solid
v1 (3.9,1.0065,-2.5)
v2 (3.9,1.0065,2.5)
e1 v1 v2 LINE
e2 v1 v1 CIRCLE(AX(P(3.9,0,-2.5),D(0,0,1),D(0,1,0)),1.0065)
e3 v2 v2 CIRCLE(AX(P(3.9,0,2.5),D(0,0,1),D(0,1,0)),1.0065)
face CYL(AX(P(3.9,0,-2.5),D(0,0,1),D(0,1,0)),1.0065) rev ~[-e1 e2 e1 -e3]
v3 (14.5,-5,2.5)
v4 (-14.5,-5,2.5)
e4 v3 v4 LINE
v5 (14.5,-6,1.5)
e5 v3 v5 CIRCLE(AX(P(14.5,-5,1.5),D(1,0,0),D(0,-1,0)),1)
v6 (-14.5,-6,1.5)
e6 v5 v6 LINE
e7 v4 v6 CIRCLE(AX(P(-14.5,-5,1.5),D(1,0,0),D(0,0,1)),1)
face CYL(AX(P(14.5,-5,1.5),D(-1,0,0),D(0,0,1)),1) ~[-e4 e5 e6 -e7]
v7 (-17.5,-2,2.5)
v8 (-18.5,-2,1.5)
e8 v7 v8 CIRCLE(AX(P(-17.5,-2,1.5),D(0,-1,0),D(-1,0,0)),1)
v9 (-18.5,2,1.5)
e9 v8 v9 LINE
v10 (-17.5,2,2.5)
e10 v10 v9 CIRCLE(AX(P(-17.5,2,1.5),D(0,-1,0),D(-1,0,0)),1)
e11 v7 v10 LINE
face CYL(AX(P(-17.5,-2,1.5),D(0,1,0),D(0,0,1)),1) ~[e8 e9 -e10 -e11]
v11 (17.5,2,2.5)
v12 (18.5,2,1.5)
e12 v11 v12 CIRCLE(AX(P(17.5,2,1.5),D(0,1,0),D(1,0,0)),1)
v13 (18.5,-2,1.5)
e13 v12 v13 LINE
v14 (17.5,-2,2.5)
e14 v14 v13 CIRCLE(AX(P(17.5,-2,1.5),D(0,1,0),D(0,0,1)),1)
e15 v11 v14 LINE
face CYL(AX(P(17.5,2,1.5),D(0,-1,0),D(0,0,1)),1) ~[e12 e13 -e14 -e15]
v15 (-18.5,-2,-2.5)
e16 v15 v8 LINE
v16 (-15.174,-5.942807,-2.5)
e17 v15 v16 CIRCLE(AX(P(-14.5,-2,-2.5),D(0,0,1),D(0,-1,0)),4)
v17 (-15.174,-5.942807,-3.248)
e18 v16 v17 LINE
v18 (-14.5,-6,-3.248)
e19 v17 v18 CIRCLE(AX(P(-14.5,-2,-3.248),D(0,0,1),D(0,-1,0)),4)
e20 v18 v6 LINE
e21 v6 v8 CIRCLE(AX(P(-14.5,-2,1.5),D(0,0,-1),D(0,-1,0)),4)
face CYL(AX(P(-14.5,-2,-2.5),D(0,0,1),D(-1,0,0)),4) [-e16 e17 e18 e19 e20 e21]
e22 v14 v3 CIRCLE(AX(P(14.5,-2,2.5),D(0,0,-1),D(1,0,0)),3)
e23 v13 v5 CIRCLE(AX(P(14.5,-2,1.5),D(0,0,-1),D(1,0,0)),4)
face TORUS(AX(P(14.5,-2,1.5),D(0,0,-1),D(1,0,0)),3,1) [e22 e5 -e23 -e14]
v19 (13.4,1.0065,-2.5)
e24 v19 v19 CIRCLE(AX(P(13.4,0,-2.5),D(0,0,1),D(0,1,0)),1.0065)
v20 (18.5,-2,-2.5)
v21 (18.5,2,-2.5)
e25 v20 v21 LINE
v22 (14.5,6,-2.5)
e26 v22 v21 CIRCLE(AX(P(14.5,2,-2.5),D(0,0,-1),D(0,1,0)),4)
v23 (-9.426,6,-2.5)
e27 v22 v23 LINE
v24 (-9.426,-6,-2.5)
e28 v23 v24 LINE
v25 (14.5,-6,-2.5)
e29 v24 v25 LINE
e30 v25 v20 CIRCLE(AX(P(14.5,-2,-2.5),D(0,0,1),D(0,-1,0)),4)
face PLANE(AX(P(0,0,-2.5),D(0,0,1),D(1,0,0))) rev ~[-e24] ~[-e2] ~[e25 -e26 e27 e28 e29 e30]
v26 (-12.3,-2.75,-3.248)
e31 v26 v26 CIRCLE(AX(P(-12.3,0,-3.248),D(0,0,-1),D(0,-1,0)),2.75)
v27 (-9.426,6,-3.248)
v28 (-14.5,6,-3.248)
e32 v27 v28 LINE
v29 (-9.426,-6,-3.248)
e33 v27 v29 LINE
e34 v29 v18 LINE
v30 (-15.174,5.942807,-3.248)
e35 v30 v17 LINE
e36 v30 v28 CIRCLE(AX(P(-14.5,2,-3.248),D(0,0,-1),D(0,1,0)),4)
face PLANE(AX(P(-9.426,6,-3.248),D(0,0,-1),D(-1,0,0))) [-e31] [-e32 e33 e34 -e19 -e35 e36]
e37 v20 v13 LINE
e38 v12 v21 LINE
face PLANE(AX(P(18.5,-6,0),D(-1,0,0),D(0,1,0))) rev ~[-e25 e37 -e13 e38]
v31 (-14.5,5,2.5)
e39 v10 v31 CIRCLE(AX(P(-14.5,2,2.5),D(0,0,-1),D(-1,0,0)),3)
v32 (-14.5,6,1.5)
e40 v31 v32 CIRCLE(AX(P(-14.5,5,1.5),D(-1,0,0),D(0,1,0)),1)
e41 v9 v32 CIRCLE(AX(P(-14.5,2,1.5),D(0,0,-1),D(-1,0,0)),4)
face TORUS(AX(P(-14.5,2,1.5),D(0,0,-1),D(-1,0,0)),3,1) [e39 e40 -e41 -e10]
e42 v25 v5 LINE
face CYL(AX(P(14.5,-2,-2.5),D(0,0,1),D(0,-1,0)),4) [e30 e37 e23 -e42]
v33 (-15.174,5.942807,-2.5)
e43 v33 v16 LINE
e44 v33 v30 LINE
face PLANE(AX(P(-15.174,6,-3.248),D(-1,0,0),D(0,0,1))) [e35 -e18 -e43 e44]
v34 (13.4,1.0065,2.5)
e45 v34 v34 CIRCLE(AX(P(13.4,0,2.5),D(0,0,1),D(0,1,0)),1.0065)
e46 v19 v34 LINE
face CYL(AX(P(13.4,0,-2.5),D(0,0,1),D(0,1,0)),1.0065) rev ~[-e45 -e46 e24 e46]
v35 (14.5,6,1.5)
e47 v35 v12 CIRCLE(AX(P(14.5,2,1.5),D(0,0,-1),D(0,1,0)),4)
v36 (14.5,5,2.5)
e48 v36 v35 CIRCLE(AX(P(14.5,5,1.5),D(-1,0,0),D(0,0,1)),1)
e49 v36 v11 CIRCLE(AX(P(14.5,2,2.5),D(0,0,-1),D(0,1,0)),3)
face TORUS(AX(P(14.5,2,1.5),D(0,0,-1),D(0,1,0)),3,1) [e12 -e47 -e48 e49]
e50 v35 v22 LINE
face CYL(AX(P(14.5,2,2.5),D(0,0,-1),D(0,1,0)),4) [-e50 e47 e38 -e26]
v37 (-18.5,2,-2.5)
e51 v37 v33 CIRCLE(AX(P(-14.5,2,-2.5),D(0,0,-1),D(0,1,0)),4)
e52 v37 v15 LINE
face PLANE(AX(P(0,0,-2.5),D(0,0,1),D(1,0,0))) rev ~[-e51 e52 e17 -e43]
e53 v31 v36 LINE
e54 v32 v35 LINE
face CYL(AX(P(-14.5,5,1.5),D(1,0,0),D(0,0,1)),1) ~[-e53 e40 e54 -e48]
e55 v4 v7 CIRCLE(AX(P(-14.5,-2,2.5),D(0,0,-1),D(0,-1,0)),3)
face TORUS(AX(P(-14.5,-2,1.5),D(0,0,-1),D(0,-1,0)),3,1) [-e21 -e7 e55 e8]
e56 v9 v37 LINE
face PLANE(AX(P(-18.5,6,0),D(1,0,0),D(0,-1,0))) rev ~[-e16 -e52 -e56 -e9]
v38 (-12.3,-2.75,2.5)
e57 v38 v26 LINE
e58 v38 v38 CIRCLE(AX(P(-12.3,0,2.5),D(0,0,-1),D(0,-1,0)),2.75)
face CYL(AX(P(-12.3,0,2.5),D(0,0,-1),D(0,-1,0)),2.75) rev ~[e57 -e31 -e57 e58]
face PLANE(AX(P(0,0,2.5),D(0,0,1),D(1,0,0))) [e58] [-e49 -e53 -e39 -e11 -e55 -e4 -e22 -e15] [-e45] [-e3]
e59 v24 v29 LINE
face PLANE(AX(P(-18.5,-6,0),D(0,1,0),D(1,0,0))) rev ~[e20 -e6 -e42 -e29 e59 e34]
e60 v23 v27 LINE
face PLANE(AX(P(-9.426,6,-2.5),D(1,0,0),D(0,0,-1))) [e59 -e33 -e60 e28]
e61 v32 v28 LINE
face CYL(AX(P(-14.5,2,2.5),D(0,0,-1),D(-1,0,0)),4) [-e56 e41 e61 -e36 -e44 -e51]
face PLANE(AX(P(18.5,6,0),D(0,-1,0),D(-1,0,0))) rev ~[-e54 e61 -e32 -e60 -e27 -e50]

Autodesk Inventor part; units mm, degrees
ref_plane "YZ Plane" through (0, 0, 0) normal (1, 0, 0) x (0, 1, 0)
ref_plane "XZ Plane" through (0, 0, 0) normal (0, 1, 0) x (-1, 0, 0)
ref_plane "XY Plane" through (0, 0, 0) normal (0, 0, 1) x (1, 0, 0)
sketch "Sketch1" plane through (0, 0, 0) normal (0, 0, 1) x (1, 0, 0)
  line L0 (-18.5, -6) -> (18.5, -6)
  line L1 (18.5, -6) -> (18.5, 6)
  line L2 (18.5, 6) -> (-18.5, 6)
  line L3 (-18.5, 6) -> (-18.5, -6)
  line L4 (-18.5, -6) -> (18.5, 6) construction
  line L5 (18.5, -6) -> (-18.5, 6) construction
  point P0 (0, 0)
  dimension "d0" = 37
  dimension "d1" = 12
extrude "Extrusion1" add sketch "Sketch1" along normal mid plane 5
sketch "Sketch2" plane through (-18.5, 6, 2.5) normal (0, 1, 0) x (1, 0, 0)
  line L0 (3.2, 5.874) -> (9.2, 5.874)
  line L1 (9.2, 5.874) -> (9.2, 4.874)
  line L2 (9.2, 4.874) -> (3.2, 4.874)
  line L3 (3.2, 4.874) -> (3.2, 5.874)
  line L4 (3.2, 5.874) -> (9.2, 4.874) construction
  line L5 (9.2, 5.874) -> (3.2, 4.874) construction
  line L6 (37, 5) -> (37, 0) projected
  line L7 (9.074, 5.748) -> (3.326, 5.748)
  line L8 (3.326, 5.748) -> (3.326, 5)
  line L9 (3.326, 5) -> (9.074, 5)
  line L10 (9.074, 5) -> (9.074, 5.748)
  line L11 (0, 5) -> (37, 5) projected
  point P0 (18.5, 2.5)
  point P1 (6.2, 5.374)
  dimension "d4" = 27.8
  dimension "d5" = 1
  dimension "d6" = 6
  dimension "d7" = 0.126
extrude "Extrusion2" add sketch "Sketch2" against normal up to surface (12 mm away) contours L8 L7 L10 L9
sketch "Sketch3" plane through (0, 0, 2.5) normal (0, 0, 1) x (1, 0, 0)
  line L0 (-18.5, -6) -> (18.5, -6) projected
  line L1 (-9.426, -6) -> (-15.174, -6) projected
  line L2 (-15.174, 6) -> (-15.174, -6) projected
  line L3 (-9.426, 6) -> (-15.174, 6) projected
  line L4 (-9.426, 6) -> (-9.426, -6) projected
  point P0 (0, 0)
  point P1 (-12.3, 0)
  point P2 (-12.3, 6)
  point P3 (-9.426, 0)
hole "Hole1" at (-12.3, 0, 2.5) direction (0, 0, -1) diameter 5.5 depth 14.2 clearance for "Socket Head Cap Screw" size "M5" standard "Ansi Metric M Profile"
fillet "Fillet1" radius 4 4 edges at (-18.5, 6, 0) (-18.5, -6, 0) (18.5, -6, 0) (18.5, 6, 0)
fillet "Fillet2" radius 1 8 edges at (-17.3284, 4.8284, 2.5) (-18.5, 0, 2.5) (-17.3284, -4.8284, 2.5) (0, -6, 2.5) (17.3284, -4.8284, 2.5) (18.5, 0, 2.5) (17.3284, 4.8284, 2.5) (0, 6, 2.5)
sketch "Sketch4" plane through (0, 0, -2.5) normal (0, 0, -1) x (-1, 0, 0)
  line L0 (-18.5, 2) -> (-18.5, -2) projected
  point P0 (0, 0)
  point P1 (-13.4, 0)
  point P2 (-3.9, 0)
  dimension "d19" = 5.1
  dimension "d20" = 14.6
hole "Hole2" at (13.4, 0, -2.5) at (3.9, 0, -2.5) direction (0, 0, 1) diameter 2.013 depth 7.6 thread size "M2.5x0.45" class "6H" standard "ANSI Metric M Profile"
properties part number "Frame_Z_Endstop_Mount_LM3048" material "ABS Plastic"
